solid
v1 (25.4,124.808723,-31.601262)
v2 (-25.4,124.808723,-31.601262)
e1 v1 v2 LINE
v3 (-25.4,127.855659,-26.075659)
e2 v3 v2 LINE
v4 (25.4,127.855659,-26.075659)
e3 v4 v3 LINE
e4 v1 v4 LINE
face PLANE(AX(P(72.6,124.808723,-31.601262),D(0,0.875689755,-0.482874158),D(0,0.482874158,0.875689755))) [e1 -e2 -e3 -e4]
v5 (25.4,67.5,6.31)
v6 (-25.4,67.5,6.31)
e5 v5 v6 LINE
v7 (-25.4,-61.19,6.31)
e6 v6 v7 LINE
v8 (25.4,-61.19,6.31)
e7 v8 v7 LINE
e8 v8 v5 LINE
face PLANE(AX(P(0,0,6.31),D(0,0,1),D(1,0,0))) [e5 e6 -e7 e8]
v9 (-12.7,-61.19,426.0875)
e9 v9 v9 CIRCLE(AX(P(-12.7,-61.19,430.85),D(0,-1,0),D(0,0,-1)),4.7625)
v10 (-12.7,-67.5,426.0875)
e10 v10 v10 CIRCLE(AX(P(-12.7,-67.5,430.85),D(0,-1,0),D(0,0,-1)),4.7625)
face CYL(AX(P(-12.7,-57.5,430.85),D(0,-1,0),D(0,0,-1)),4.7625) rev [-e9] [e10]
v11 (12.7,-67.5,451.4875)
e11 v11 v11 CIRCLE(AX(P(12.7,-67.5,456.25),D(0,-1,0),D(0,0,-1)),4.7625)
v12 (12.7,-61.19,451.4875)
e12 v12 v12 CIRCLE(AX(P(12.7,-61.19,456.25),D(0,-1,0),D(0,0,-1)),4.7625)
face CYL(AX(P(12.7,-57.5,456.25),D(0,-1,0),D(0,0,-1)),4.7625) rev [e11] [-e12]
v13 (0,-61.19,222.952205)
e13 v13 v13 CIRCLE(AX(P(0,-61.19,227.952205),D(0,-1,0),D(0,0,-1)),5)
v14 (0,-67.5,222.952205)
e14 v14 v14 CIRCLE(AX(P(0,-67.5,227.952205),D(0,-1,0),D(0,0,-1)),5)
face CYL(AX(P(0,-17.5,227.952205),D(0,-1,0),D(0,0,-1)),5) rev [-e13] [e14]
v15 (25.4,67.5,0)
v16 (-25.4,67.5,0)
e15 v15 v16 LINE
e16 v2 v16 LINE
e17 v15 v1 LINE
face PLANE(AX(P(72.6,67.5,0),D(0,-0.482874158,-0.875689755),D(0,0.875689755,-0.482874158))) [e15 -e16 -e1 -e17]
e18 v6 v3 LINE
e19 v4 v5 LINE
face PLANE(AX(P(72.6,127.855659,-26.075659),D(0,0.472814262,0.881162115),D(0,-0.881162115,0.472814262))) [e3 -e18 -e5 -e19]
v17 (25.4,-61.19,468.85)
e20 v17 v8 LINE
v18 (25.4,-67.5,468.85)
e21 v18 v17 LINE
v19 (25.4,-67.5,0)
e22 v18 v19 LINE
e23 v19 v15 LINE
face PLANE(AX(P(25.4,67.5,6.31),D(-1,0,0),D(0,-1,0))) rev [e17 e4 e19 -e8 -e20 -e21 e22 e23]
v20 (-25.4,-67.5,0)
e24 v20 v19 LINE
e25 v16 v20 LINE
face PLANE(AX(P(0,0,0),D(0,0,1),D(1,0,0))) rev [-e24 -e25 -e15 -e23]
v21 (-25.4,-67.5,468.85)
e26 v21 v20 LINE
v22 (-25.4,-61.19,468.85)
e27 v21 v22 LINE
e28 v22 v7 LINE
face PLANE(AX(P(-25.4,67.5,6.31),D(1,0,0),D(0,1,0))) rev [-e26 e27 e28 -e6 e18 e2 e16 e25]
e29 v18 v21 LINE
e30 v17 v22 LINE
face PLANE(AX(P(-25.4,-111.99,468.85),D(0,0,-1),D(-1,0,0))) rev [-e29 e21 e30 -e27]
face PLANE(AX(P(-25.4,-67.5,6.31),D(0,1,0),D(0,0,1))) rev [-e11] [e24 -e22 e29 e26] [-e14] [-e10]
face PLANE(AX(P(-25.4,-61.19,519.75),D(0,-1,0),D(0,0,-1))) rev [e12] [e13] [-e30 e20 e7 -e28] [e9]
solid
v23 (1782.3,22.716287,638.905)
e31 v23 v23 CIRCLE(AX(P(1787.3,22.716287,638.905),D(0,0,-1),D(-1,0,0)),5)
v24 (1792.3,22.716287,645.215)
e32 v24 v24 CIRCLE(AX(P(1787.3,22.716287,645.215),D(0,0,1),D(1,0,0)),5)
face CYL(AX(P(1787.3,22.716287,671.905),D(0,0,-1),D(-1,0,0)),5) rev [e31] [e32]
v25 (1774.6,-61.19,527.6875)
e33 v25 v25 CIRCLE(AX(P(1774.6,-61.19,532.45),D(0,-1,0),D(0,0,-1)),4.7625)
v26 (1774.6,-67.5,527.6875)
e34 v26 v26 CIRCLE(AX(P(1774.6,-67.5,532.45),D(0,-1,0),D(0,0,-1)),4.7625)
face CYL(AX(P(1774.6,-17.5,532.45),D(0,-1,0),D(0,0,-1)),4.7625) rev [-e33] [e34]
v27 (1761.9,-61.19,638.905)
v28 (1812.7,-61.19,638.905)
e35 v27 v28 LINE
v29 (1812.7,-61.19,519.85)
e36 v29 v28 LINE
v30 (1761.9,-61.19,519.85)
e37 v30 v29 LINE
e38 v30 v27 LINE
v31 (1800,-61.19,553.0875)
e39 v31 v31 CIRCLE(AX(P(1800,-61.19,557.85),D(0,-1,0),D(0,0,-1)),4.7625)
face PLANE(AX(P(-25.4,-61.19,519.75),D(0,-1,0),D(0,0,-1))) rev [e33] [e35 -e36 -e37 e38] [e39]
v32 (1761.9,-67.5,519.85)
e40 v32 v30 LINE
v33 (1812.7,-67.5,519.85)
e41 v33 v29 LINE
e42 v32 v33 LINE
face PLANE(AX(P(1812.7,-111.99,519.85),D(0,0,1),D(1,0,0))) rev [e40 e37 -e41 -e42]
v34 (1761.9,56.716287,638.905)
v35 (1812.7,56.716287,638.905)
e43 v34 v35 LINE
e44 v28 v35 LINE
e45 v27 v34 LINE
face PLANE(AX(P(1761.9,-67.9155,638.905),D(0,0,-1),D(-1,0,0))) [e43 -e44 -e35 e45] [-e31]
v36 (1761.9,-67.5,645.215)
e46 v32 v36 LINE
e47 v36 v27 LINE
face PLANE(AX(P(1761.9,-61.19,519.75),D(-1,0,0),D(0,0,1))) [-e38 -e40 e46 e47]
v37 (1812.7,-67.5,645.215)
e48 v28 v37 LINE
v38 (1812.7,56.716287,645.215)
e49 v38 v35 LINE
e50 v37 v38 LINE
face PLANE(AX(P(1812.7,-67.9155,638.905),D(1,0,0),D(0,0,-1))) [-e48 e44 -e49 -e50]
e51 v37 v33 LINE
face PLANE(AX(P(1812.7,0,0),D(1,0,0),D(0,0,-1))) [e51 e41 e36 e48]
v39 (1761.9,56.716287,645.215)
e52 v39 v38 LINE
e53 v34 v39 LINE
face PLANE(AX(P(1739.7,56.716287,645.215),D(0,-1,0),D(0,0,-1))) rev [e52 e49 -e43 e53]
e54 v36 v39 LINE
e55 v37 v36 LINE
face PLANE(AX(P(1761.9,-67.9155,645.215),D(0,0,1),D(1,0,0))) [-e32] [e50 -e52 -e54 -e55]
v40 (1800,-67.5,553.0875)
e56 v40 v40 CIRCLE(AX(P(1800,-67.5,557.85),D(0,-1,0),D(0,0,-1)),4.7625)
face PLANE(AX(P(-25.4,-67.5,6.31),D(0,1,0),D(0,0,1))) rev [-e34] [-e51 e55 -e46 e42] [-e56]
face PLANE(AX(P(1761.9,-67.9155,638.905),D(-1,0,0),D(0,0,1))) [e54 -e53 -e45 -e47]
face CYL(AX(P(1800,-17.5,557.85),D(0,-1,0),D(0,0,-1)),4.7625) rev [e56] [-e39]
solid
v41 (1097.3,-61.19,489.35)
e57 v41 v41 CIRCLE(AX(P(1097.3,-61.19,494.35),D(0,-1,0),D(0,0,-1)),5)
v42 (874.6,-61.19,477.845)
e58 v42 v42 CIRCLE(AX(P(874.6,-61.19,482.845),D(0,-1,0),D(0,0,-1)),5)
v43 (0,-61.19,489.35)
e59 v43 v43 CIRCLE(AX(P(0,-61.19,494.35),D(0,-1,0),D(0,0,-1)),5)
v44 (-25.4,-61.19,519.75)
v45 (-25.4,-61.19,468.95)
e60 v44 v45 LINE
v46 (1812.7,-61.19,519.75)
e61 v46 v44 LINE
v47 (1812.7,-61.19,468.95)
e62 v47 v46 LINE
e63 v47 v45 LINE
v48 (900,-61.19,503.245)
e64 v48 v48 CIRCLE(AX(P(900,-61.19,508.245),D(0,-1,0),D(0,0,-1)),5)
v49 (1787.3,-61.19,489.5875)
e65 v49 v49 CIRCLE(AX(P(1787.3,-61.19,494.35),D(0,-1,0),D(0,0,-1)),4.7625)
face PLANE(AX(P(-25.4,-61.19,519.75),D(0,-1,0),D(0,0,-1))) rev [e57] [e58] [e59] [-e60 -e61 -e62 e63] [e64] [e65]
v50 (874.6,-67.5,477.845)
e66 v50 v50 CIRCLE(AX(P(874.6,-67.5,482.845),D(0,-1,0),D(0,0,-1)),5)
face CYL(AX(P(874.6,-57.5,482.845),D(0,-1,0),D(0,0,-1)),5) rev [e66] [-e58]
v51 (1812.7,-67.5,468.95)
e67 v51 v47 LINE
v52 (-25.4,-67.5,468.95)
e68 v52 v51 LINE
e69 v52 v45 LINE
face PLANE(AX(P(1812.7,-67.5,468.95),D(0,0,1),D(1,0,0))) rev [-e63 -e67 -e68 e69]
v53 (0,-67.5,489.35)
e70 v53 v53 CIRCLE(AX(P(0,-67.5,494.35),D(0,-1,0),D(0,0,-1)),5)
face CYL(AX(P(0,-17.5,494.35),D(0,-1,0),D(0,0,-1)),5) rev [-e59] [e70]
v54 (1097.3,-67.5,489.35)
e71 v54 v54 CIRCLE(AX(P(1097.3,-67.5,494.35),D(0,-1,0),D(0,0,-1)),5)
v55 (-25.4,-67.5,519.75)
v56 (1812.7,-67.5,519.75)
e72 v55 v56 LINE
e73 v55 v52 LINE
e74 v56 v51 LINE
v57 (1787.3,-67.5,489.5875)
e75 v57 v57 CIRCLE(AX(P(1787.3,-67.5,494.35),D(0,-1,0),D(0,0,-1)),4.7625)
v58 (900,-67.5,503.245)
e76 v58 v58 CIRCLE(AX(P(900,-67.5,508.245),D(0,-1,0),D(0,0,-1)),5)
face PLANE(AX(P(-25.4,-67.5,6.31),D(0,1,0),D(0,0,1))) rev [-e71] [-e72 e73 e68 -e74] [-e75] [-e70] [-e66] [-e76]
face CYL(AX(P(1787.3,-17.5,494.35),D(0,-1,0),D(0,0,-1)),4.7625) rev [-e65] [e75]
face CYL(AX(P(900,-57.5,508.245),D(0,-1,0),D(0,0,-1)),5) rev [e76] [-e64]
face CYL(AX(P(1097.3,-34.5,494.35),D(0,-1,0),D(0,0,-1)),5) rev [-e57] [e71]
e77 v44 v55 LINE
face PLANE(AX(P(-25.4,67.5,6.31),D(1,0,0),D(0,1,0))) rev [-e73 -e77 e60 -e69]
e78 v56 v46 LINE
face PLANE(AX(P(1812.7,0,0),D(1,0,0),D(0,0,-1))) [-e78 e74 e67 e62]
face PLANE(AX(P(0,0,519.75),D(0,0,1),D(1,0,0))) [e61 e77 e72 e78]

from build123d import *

# Parameters (mm, degrees)
CROQUIS2_W              = 50.8
CROQUIS2_H              = 135
SALIENTE_EXTRUIR1_DEPTH = 6.31
CROQUIS3_W              = 50.8
CROQUIS3_H              = 6.31
SALIENTE_EXTRUIR2_DEPTH = 513.44
CROQUIS4_W              = 50.8
CROQUIS4_H              = 6.31
SALIENTE_EXTRUIR3_DEPTH = 1787.3
CROQUIS9_W              = 50.8
CROQUIS9_H              = 6.31
SALIENTE_EXTRUIR4_DEPTH = 98
CROQUIS12_R             = 5
CORTAR_EXTRUIR1_DEPTH   = 10
CORTAR_EXTRUIR2_DEPTH   = 73
CROQUIS16_W             = 47.2
CROQUIS16_H             = 68.495521413
CORTAR_EXTRUIR5_DEPTH   = 10
CROQUIS17_W             = 50.8
CROQUIS17_H             = 0.1
CORTAR_EXTRUIR6_DEPTH   = 50.8
CROQUIS18_W             = 50.8
CROQUIS18_H             = 0.1
CORTAR_EXTRUIR7_DEPTH   = 50.8
CROQUIS19_R             = 5
CORTAR_EXTRUIR8_DEPTH   = 33
CROQUIS20_R             = 5
CORTAR_EXTRUIR9_DEPTH   = 33
CROQUIS21_R             = 5
CORTAR_EXTRUIR10_DEPTH  = 10
CROQUIS23_R             = 4.7625
CORTAR_EXTRUIR11_DEPTH  = 10
CROQUIS24_R             = 4.7625
CORTAR_EXTRUIR12_DEPTH  = 50
CROQUIS25_R             = 4.7625
CORTAR_EXTRUIR13_DEPTH  = 50
CROQUIS26_R             = 5
CORTAR_EXTRUIR14_DEPTH  = 50
CROQUIS27_R             = 5
CORTAR_EXTRUIR15_DEPTH  = 50


with BuildPart() as part:
    # Croquis2 → Saliente-Extruir1 (new body)
    with BuildSketch(Plane.XY):
        Rectangle(CROQUIS2_W, CROQUIS2_H)
    extrude(amount=SALIENTE_EXTRUIR1_DEPTH)

    # Croquis3 → Saliente-Extruir2 (add)
    with BuildSketch(Plane.XY.offset(6.31)):
        with Locations((0, -64.345)):
            Rectangle(CROQUIS3_W, CROQUIS3_H)
    extrude(amount=SALIENTE_EXTRUIR2_DEPTH)

    # Croquis4 → Saliente-Extruir3 (add)
    with BuildSketch(Plane(origin=(25.4, 0, 0), x_dir=(0, 0, -1), z_dir=(1, 0, 0))):
        with Locations((-494.35, -64.345)):
            Rectangle(CROQUIS4_W, CROQUIS4_H)
    extrude(amount=SALIENTE_EXTRUIR3_DEPTH)

    # Barrer2: sweep along a curve in space
    with BuildLine() as barrer2_path:
        Line((1787.3, -64.345, 519.75), (1787.3, -64.345, 642.06))
        Line((1787.3, -64.345, 642.06), (1787.3, 66.675, 642.06))
        Line((1787.3, 66.675, 642.06), (1787.3, 66.675, 1436.06))
    # Croquis9 → Barrer2 (sweep)
    with BuildSketch(Plane.XY.offset(519.75)):
        with Locations((1787.3, -64.345)):
            Rectangle(CROQUIS9_W, CROQUIS9_H)
    sweep(path=barrer2_path.line, transition=Transition.RIGHT)

    # Croquis11 → Saliente-Extruir4 (add)
    with BuildSketch(Plane.ZY.offset(25.4)):
        Polygon((0, 67.5), (-31.60126178, 124.808722595), (-26.075659426, 127.855658535), (6.31, 67.5), align=None)
    extrude(amount=-SALIENTE_EXTRUIR4_DEPTH)

    # Croquis12 → Cortar-Extruir1 (cut)
    with BuildSketch(Plane(origin=(0, 69.83, 0), x_dir=(1, 0, 0), z_dir=(0, 1, 0))):
        with Locations((1787.3, -1403.06)):
            Circle(CROQUIS12_R)
        with Locations((1787.3, -1183.06)):
            Circle(CROQUIS12_R)
    extrude(amount=-CORTAR_EXTRUIR1_DEPTH, mode=Mode.SUBTRACT)

    # Croquis13 → Cortar-Extruir2 (cut)
    with BuildSketch(Plane(origin=(1812.7, 0, 0), x_dir=(0, 0, -1), z_dir=(1, 0, 0))):
        Polygon((-645.215, 56.71628726), (-638.905, 56.71628726), (-638.905, 69.83), (-1436.06, 69.83), (-1436.06, 63.52), (-645.215, 63.52), align=None)
    extrude(amount=-CORTAR_EXTRUIR2_DEPTH, mode=Mode.SUBTRACT)

    # Croquis16 → Cortar-Extruir5 (cut)
    with BuildSketch(Plane(origin=(0, 17.718759704, 33.021634554), x_dir=(1, 0, 0), z_dir=(0, 0.47281426227300877, 0.8811621152723433))):
        with Locations((49, 90.742745493)):
            Rectangle(CROQUIS16_W, CROQUIS16_H)
    extrude(amount=-CORTAR_EXTRUIR5_DEPTH, mode=Mode.SUBTRACT)

    # Croquis17 → Cortar-Extruir6 (cut)
    with BuildSketch(Plane(origin=(0, -61.19, 0), x_dir=(1, 0, 0), z_dir=(0, 1, 0))):
        with Locations((0, -468.9)):
            Rectangle(CROQUIS17_W, CROQUIS17_H)
    extrude(amount=-CORTAR_EXTRUIR6_DEPTH, mode=Mode.SUBTRACT)


with BuildPart() as cortar_extruir6_piece_1:
    # of the separate pieces the step leaves, piece 1, a body of its own (cortar_extruir6_pieces)
    add(part.part.solids().sort_by_distance((-25.4, -61.19, 468.95))[0])

    # Croquis18 → Cortar-Extruir7 (cut)
    with BuildSketch(Plane(origin=(0, -61.19, 0), x_dir=(1, 0, 0), z_dir=(0, 1, 0))):
        with Locations((1787.3, -519.8)):
            Rectangle(CROQUIS18_W, CROQUIS18_H)
    extrude(amount=-CORTAR_EXTRUIR7_DEPTH, mode=Mode.SUBTRACT)


with BuildPart() as cortar_extruir6_piece_2:
    # of the separate pieces the step leaves, piece 2, a body of its own (cortar_extruir6_pieces)
    add(part.part.solids().sort_by_distance((-25.4, -61.19, 6.31))[0])

    # Croquis23 → Cortar-Extruir11 (cut)
    with BuildSketch(Plane(origin=(0, -67.5, 0), x_dir=(-1, 0, 0), z_dir=(0, -1, 0))):
        with Locations((12.7, -430.85)):
            Circle(CROQUIS23_R)
        with Locations((-12.7, -456.25)):
            Circle(CROQUIS23_R)
    extrude(amount=-CORTAR_EXTRUIR11_DEPTH, mode=Mode.SUBTRACT)

    # Croquis26 → Cortar-Extruir14 (cut)
    with BuildSketch(Plane(origin=(0, -67.5, 0), x_dir=(-1, 0, 0), z_dir=(0, -1, 0))):
        with Locations((0, -227.952204666)):
            Circle(CROQUIS26_R)
    extrude(amount=-CORTAR_EXTRUIR14_DEPTH, mode=Mode.SUBTRACT)


with BuildPart() as cortar_extruir7_piece_1:
    # of the separate pieces the step leaves, piece 1, a body of its own (cortar_extruir7_pieces)
    add(cortar_extruir6_piece_1.part.solids().sort_by_distance((-25.4, -61.19, 468.95))[0])

    # Croquis19 → Cortar-Extruir8 (cut)
    with BuildSketch(Plane(origin=(0, -67.5, 0), x_dir=(-1, 0, 0), z_dir=(0, -1, 0))):
        with Locations((-1097.299999999, -494.35)):
            Circle(CROQUIS19_R)
    extrude(amount=-CORTAR_EXTRUIR8_DEPTH, mode=Mode.SUBTRACT)

    # Croquis21 → Cortar-Extruir10 (cut)
    with BuildSketch(Plane(origin=(0, -67.5, 0), x_dir=(-1, 0, 0), z_dir=(0, -1, 0))):
        with Locations((-899.999999999, -508.245)):
            Circle(CROQUIS21_R)
        with Locations((-874.599999999, -482.845)):
            Circle(CROQUIS21_R)
    extrude(amount=-CORTAR_EXTRUIR10_DEPTH, mode=Mode.SUBTRACT)

    # Croquis25 → Cortar-Extruir13 (cut)
    with BuildSketch(Plane(origin=(0, -67.5, 0), x_dir=(-1, 0, 0), z_dir=(0, -1, 0))):
        with Locations((-1787.3, -494.35)):
            Circle(CROQUIS25_R)
    extrude(amount=-CORTAR_EXTRUIR13_DEPTH, mode=Mode.SUBTRACT)

    # Croquis27 → Cortar-Extruir15 (cut)
    with BuildSketch(Plane(origin=(0, -67.5, 0), x_dir=(-1, 0, 0), z_dir=(0, -1, 0))):
        with Locations((0, -494.35)):
            Circle(CROQUIS27_R)
    extrude(amount=-CORTAR_EXTRUIR15_DEPTH, mode=Mode.SUBTRACT)


with BuildPart() as cortar_extruir7_piece_2:
    # of the separate pieces the step leaves, piece 2, a body of its own (cortar_extruir7_pieces)
    add(cortar_extruir6_piece_1.part.solids().sort_by_distance((1812.7, -61.19, 638.905))[0])

    # Croquis20 → Cortar-Extruir9 (cut)
    with BuildSketch(Plane(origin=(0, 0, 638.905), x_dir=(-1, 0, 0), z_dir=(0, 0, -1))):
        with Locations((-1787.3, 22.71628726)):
            Circle(CROQUIS20_R)
    extrude(amount=-CORTAR_EXTRUIR9_DEPTH, mode=Mode.SUBTRACT)

    # Croquis24 → Cortar-Extruir12 (cut)
    with BuildSketch(Plane(origin=(0, -67.5, 0), x_dir=(-1, 0, 0), z_dir=(0, -1, 0))):
        with Locations((-1800, -557.85)):
            Circle(CROQUIS24_R)
        with Locations((-1774.6, -532.45)):
            Circle(CROQUIS24_R)
    extrude(amount=-CORTAR_EXTRUIR12_DEPTH, mode=Mode.SUBTRACT)


solid = Compound([cortar_extruir6_piece_2.part, cortar_extruir7_piece_1.part, cortar_extruir7_piece_2.part])
